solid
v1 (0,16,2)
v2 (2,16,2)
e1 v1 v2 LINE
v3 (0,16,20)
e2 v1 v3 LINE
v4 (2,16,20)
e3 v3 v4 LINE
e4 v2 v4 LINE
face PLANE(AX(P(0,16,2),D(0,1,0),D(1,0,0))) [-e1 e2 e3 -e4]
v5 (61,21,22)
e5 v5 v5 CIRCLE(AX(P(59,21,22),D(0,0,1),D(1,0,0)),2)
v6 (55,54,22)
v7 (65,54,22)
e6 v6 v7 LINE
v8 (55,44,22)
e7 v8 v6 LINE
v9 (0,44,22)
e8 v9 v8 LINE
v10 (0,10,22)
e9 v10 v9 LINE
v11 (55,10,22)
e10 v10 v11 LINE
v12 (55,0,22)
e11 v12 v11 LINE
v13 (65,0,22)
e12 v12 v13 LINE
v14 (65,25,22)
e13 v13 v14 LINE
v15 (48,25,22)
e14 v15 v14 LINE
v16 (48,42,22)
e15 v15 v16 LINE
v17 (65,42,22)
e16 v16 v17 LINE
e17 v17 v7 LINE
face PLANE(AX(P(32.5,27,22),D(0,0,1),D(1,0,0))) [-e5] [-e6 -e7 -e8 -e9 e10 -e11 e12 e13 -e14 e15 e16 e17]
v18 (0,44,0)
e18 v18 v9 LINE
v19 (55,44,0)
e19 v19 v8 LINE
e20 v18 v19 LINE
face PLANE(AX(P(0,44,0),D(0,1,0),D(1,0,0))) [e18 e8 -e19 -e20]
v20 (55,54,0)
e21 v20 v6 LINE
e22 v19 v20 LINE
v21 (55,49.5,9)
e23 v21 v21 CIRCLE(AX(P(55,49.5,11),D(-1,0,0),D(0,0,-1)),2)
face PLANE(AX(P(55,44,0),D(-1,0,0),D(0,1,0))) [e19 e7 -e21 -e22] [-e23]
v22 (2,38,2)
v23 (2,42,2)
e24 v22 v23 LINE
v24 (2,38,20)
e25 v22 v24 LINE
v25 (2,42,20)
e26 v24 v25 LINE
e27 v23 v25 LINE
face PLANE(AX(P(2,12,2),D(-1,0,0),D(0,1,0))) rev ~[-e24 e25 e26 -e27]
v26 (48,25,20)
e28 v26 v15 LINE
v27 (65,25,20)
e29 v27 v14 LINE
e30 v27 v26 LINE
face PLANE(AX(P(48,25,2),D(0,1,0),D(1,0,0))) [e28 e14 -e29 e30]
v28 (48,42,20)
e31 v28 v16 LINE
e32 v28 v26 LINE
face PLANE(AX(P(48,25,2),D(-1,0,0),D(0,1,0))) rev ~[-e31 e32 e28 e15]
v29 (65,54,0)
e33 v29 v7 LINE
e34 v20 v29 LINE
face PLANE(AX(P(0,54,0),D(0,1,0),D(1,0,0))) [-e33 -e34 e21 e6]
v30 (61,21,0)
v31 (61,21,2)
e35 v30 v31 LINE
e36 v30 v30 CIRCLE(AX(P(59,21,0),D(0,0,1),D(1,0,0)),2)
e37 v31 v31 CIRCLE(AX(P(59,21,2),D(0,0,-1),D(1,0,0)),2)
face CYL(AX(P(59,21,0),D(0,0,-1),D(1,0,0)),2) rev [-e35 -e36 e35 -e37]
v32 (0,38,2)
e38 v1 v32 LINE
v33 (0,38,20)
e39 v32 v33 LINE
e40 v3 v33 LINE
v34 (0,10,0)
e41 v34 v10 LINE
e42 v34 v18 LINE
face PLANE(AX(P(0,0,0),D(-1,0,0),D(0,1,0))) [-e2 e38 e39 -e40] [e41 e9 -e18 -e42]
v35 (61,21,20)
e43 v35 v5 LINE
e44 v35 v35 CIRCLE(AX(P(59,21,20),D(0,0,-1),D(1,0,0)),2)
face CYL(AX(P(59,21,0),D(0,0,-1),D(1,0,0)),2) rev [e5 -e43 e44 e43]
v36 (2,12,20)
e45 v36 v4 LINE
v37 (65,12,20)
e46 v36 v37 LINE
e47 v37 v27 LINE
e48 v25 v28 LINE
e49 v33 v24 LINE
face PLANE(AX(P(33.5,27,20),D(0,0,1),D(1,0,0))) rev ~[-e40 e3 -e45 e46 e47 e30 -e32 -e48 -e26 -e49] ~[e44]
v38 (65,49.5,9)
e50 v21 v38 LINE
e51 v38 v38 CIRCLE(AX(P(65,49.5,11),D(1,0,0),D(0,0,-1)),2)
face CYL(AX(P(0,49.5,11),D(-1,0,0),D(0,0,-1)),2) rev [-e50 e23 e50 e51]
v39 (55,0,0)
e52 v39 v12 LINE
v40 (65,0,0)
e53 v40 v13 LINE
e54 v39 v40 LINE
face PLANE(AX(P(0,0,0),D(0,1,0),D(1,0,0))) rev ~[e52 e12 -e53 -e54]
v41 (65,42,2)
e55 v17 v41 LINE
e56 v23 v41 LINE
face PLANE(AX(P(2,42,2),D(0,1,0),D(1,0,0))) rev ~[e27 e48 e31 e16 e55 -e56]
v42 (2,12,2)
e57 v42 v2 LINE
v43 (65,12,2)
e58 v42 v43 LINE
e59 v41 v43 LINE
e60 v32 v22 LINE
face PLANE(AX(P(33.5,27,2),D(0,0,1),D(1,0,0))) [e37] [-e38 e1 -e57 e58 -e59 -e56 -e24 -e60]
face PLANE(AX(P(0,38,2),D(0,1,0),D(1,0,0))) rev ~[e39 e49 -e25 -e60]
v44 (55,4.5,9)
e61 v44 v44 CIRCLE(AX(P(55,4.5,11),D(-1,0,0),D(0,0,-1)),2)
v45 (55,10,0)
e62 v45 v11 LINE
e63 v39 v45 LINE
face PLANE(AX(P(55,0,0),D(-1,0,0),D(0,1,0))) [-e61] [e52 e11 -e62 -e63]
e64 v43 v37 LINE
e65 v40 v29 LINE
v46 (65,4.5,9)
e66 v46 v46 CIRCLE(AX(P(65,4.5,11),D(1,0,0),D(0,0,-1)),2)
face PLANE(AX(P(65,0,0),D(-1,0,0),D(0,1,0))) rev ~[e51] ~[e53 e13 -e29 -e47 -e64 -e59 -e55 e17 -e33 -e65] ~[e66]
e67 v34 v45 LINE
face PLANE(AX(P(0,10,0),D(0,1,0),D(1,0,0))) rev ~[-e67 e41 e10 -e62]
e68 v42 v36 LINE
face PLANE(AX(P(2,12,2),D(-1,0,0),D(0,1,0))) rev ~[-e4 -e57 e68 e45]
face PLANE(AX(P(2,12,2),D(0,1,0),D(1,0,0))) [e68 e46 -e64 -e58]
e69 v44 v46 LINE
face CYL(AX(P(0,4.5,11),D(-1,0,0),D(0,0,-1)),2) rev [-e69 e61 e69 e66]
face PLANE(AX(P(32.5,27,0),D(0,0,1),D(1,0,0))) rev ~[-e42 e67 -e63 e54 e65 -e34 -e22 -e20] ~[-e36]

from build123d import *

# Parameters (mm, degrees)
BOX003_W          = 63
BOX003_H          = 30
BOX003_DEPTH      = 18
CYLINDER002_R     = 2
CYLINDER002_DEPTH = 22
BOX005_W          = 17
BOX005_H          = 17
BOX005_DEPTH      = 20
BOX004_W          = 65
BOX004_H          = 22
BOX004_DEPTH      = 18
CYLINDER001_R     = 2
CYLINDER001_DEPTH = 65
CYLINDER_R        = 2
CYLINDER_DEPTH    = 65
BOX002_W          = 55
BOX002_H          = 10
BOX002_DEPTH      = 22
BOX001_W          = 55
BOX001_H          = 10
BOX001_DEPTH      = 22
BOX_W             = 65
BOX_H             = 54
BOX_DEPTH         = 22


with BuildPart() as cavitycutout:
    # Box003 → Box003 (new body)
    with BuildSketch(Plane(origin=(2, 12, 2), x_dir=(1, 0, 0), z_dir=(0, 0, 1))):
        with Locations((31.5, 15)):
            Rectangle(BOX003_W, BOX003_H)
    extrude(amount=BOX003_DEPTH)


with BuildPart() as capturescrewhole:
    # Cylinder002 → Cylinder002 (new body)
    with BuildSketch(Plane(origin=(59, 21, 0), x_dir=(1, 0, 0), z_dir=(0, 0, 1))):
        Circle(CYLINDER002_R)
    extrude(amount=CYLINDER002_DEPTH)


with BuildPart() as cutawaynotch:
    # Box005 → Box005 (new body)
    with BuildSketch(Plane(origin=(48, 25, 2), x_dir=(1, 0, 0), z_dir=(0, 0, 1))):
        with Locations((8.5, 8.5)):
            Rectangle(BOX005_W, BOX005_H)
    extrude(amount=BOX005_DEPTH)


with BuildPart() as interiorcut:
    # Box004 → Box004 (new body)
    with BuildSketch(Plane(origin=(0, 16, 2), x_dir=(1, 0, 0), z_dir=(0, 0, 1))):
        with Locations((32.5, 11)):
            Rectangle(BOX004_W, BOX004_H)
    extrude(amount=BOX004_DEPTH)

    # Fusion003: union CavityCutOut, CaptureScrewHole, CutAwayNotch
    add(cavitycutout.part)
    add(capturescrewhole.part)
    add(cutawaynotch.part)


with BuildPart() as righthole:
    # Cylinder001 → Cylinder001 (new body)
    with BuildSketch(Plane(origin=(0, 49.5, 11), x_dir=(0, 0, -1), z_dir=(1, 0, 0))):
        Circle(CYLINDER001_R)
    extrude(amount=CYLINDER001_DEPTH)


with BuildPart() as mountingholes:
    # Cylinder → Cylinder (new body)
    with BuildSketch(Plane(origin=(0, 4.5, 11), x_dir=(0, 0, -1), z_dir=(1, 0, 0))):
        Circle(CYLINDER_R)
    extrude(amount=CYLINDER_DEPTH)

    # Fusion001: union RightHole
    add(righthole.part)


with BuildPart() as rightcut:
    # Box002 → Box002 (new body)
    with BuildSketch(Plane(origin=(0, 44, 0), x_dir=(1, 0, 0), z_dir=(0, 0, 1))):
        with Locations((27.5, 5)):
            Rectangle(BOX002_W, BOX002_H)
    extrude(amount=BOX002_DEPTH)


with BuildPart() as cutoutsandmounting:
    # Box001 → Box001 (new body)
    with BuildSketch(Plane.XY):
        with Locations((27.5, 5)):
            Rectangle(BOX001_W, BOX001_H)
    extrude(amount=BOX001_DEPTH)

    # Fusion: union RightCut
    add(rightcut.part)

    # Fusion002: union MountingHoles
    add(mountingholes.part)


with BuildPart() as ethernetmount:
    # Box → Box (new body)
    with BuildSketch(Plane.XY):
        with Locations((32.5, 27)):
            Rectangle(BOX_W, BOX_H)
    extrude(amount=BOX_DEPTH)

    # Cut: cut CutoutsAndMounting
    add(cutoutsandmounting.part, mode=Mode.SUBTRACT)

    # Cut001: cut InteriorCut
    add(interiorcut.part, mode=Mode.SUBTRACT)


solid = ethernetmount.part
